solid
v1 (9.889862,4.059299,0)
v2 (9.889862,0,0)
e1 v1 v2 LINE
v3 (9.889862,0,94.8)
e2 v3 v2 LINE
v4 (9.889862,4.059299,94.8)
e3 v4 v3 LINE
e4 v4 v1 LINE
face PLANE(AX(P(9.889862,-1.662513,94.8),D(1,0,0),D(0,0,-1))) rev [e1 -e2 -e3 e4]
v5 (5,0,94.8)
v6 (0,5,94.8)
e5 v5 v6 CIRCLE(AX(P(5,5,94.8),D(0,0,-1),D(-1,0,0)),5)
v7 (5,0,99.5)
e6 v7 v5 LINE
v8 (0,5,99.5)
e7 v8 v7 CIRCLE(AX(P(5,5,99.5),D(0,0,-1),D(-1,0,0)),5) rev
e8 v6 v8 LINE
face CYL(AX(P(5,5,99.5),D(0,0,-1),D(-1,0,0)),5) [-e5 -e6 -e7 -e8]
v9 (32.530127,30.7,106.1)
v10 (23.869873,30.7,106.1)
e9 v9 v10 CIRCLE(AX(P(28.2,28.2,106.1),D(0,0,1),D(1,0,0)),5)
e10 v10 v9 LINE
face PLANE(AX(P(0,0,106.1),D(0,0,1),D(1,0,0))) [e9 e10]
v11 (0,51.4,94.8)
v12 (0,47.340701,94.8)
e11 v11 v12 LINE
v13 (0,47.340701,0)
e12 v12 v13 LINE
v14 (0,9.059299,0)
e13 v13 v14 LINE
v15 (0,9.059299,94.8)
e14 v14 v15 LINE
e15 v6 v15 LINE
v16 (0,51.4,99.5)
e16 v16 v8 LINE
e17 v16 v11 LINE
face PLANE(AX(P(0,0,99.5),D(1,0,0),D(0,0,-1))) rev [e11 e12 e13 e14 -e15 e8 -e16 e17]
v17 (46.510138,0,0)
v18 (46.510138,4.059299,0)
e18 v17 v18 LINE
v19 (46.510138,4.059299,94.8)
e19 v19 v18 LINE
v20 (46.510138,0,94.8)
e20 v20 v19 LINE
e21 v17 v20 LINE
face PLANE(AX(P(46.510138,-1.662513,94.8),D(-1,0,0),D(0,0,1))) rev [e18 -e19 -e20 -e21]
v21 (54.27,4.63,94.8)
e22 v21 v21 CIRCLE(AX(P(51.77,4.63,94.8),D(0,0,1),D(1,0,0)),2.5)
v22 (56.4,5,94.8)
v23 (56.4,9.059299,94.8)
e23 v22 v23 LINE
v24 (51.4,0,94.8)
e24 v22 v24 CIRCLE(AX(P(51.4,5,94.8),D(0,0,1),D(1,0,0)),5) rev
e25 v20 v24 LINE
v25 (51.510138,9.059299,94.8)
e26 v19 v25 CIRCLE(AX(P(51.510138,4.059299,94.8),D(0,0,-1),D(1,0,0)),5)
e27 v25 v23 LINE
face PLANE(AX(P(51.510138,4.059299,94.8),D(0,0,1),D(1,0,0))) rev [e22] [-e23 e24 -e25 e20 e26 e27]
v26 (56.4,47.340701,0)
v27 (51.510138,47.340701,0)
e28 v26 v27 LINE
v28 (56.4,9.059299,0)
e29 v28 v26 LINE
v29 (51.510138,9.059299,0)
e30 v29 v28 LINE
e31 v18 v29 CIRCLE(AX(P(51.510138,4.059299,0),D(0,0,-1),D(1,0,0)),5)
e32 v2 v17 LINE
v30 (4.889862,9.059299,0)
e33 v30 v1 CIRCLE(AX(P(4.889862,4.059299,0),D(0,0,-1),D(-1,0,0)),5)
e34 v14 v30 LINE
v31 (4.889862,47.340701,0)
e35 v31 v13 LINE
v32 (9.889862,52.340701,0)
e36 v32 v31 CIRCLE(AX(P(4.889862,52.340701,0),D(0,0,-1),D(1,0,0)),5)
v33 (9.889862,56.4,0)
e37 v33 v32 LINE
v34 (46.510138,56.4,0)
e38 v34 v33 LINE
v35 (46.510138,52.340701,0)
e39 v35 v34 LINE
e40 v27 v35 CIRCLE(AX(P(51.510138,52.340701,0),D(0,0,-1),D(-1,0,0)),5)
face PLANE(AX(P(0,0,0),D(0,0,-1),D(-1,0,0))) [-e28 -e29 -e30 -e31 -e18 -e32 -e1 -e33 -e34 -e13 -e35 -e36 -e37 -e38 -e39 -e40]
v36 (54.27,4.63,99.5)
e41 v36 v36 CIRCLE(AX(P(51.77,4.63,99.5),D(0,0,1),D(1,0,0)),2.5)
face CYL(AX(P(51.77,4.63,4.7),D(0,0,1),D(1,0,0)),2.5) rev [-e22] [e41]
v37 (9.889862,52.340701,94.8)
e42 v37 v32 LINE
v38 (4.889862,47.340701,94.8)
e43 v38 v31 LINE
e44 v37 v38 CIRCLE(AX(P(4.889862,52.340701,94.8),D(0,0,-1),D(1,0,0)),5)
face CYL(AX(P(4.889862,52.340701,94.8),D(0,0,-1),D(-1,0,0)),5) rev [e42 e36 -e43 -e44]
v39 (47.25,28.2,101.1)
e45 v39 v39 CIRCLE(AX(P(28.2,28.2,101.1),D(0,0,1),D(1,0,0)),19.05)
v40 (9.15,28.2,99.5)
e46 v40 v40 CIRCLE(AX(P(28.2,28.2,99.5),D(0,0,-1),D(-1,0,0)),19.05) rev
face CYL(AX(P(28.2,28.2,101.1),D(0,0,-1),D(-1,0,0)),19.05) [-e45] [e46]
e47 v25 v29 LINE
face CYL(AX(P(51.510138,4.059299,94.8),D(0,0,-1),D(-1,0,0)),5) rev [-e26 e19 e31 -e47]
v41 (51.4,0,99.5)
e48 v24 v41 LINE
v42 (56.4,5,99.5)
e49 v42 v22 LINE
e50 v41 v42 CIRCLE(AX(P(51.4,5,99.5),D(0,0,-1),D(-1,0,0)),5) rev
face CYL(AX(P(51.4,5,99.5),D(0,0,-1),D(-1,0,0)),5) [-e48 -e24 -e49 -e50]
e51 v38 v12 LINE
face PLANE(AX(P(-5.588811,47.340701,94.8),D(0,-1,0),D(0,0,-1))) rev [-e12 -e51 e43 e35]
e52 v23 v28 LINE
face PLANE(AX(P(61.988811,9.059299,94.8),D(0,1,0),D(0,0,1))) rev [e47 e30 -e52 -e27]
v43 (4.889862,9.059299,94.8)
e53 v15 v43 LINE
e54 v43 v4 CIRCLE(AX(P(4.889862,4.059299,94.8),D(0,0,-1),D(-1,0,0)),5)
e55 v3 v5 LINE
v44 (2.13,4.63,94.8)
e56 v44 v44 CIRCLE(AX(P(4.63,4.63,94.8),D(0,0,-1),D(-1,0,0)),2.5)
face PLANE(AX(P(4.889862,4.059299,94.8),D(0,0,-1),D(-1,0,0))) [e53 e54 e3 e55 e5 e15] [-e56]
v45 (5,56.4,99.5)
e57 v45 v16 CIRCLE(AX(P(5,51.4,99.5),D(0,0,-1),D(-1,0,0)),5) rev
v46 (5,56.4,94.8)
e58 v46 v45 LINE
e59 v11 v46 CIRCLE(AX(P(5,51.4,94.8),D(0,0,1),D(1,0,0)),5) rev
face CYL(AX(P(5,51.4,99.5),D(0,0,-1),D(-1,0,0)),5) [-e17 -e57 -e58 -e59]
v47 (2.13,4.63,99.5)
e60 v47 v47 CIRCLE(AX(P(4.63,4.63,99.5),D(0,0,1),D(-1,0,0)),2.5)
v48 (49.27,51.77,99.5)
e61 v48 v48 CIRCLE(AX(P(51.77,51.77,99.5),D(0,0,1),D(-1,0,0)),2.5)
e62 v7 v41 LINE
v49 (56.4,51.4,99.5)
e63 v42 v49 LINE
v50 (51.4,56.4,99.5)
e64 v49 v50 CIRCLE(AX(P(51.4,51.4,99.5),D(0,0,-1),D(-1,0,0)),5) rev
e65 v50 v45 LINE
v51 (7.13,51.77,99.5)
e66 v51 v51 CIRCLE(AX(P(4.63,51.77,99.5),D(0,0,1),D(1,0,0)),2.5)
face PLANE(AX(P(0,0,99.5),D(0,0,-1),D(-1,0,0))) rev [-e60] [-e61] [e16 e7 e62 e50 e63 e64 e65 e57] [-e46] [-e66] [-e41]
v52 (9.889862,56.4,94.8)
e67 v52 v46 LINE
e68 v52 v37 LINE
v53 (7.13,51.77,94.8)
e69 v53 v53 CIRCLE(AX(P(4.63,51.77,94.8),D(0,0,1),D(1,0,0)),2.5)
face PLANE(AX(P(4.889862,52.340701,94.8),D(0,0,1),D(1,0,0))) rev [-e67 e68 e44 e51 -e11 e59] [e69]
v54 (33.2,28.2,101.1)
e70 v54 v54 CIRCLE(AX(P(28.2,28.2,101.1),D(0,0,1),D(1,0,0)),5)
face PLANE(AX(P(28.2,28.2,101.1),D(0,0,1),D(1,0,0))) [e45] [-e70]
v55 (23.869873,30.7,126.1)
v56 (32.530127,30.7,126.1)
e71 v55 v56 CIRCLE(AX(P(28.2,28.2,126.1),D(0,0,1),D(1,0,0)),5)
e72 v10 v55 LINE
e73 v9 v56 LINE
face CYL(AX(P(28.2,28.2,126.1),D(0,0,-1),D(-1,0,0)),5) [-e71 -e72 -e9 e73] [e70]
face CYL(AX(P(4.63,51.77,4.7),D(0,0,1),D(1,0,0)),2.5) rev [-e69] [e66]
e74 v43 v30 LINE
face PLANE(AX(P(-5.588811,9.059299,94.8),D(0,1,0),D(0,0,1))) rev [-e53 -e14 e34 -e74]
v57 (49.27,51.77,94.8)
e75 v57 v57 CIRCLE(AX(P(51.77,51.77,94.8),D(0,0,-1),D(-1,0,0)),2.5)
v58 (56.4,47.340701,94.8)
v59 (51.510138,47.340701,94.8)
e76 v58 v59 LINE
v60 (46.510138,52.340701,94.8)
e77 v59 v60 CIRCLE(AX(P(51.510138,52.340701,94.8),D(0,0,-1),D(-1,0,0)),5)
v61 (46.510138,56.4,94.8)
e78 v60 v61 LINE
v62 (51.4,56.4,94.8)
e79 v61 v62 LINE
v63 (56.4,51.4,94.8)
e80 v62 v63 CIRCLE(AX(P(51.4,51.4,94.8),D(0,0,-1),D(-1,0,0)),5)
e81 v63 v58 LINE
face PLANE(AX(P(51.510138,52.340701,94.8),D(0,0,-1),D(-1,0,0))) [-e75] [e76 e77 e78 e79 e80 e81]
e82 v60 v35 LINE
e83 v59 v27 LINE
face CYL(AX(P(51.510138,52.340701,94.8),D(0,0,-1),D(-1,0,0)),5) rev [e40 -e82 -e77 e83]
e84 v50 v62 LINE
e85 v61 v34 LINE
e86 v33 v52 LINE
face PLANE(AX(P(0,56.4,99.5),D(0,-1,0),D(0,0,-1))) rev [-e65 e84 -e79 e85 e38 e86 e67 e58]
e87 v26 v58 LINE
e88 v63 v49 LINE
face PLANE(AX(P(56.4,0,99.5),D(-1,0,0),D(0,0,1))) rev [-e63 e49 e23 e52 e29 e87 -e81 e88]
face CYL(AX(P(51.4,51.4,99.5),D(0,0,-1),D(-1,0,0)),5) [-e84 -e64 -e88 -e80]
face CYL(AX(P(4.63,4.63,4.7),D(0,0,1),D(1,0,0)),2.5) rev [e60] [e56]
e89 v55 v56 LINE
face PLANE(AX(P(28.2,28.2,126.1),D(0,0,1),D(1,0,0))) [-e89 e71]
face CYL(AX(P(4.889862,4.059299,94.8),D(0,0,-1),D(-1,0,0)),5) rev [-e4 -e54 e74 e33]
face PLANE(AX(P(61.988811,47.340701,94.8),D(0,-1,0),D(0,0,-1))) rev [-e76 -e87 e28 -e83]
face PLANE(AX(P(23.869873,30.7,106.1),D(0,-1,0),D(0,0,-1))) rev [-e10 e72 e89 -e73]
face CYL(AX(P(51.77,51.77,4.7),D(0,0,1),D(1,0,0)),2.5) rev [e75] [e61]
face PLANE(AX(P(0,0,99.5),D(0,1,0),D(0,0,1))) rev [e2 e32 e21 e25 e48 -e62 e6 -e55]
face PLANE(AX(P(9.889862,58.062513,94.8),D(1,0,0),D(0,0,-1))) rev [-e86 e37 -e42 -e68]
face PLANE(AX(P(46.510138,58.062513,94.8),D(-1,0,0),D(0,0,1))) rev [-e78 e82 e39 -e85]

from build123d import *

# Parameters (mm, degrees)
SKETCH_1_W          = 56.4
SKETCH_1_H          = 56.4
EXTRUDE_1_DEPTH     = 99.5
SKETCH_2_R          = 19.05
EXTRUDE_2_DEPTH     = 1.6
SKETCH_3_R          = 5
EXTRUDE_3_DEPTH     = 25
SKETCH_4_W          = 8.660254038
SKETCH_4_H          = 6.0292226
CUT_EXTRUDE_1_DEPTH = 20
CUT_EXTRUDE_2_DEPTH = 94.8
SKETCH_6_R          = 2.5
CUT_EXTRUDE_3_DEPTH = 94.8
FILLET_1_R          = 5


with BuildPart() as part:
    # 草图1 → 凸台-拉伸1 (new body)
    with BuildSketch(Plane.XY):
        with Locations((28.2, 28.2)):
            Rectangle(SKETCH_1_W, SKETCH_1_H)
    extrude(amount=EXTRUDE_1_DEPTH)

    # 草图2 → 凸台-拉伸2 (add)
    with BuildSketch(Plane.XY.offset(99.5)):
        with Locations((28.2, 28.2)):
            Circle(SKETCH_2_R)
    extrude(amount=EXTRUDE_2_DEPTH)

    # 草图3 → 凸台-拉伸3 (add)
    with BuildSketch(Plane.XY.offset(101.1)):
        with Locations((28.2, 28.2)):
            Circle(SKETCH_3_R)
    extrude(amount=EXTRUDE_3_DEPTH)

    # 草图4 → 切除-拉伸1 (cut)
    with BuildSketch(Plane.XY.offset(126.1)):
        with Locations((28.2, 33.7146113)):
            Rectangle(SKETCH_4_W, SKETCH_4_H)
    extrude(amount=-CUT_EXTRUDE_1_DEPTH, mode=Mode.SUBTRACT)

    # 草图5 → 切除-拉伸2 (cut)
    with BuildSketch(Plane(origin=(0, 0, 0), x_dir=(-1, 0, 0), z_dir=(0, 0, -1))):
        with BuildLine():
            Line((-61.988810655, 58.062513104), (-46.510137618, 58.062513104))
            Line((-46.510137618, 58.062513104), (-46.510137618, 52.340700561))
            ThreePointArc((-46.510137618, 52.340700561), (-47.974603712, 48.805166655), (-51.510137618, 47.340700561))
            Line((-51.510137618, 47.340700561), (-61.988810655, 47.340700561))
            Line((-61.988810655, 47.340700561), (-61.988810655, 58.062513104))
        make_face()
        with BuildLine():
            Line((-9.889862382, 58.062513104), (-9.889862382, 52.340700561))
            ThreePointArc((-9.889862382, 52.340700561), (-8.425396288, 48.805166655), (-4.889862382, 47.340700561))
            Line((-4.889862382, 47.340700561), (5.588810655, 47.340700561))
            Line((5.588810655, 47.340700561), (5.588810655, 58.062513104))
            Line((5.588810655, 58.062513104), (-9.889862382, 58.062513104))
        make_face()
        with BuildLine():
            Line((5.588810655, -1.662513104), (-9.889862382, -1.662513104))
            Line((-9.889862382, -1.662513104), (-9.889862382, 4.059299439))
            ThreePointArc((-9.889862382, 4.059299439), (-8.425396288, 7.594833345), (-4.889862382, 9.059299439))
            Line((-4.889862382, 9.059299439), (5.588810655, 9.059299439))
            Line((5.588810655, 9.059299439), (5.588810655, -1.662513104))
        make_face()
        with BuildLine():
            Line((-46.510137618, -1.662513104), (-46.510137618, 4.059299439))
            ThreePointArc((-46.510137618, 4.059299439), (-47.974603712, 7.594833345), (-51.510137618, 9.059299439))
            Line((-51.510137618, 9.059299439), (-61.988810655, 9.059299439))
            Line((-61.988810655, 9.059299439), (-61.988810655, -1.662513104))
            Line((-61.988810655, -1.662513104), (-46.510137618, -1.662513104))
        make_face()
    extrude(amount=-CUT_EXTRUDE_2_DEPTH, mode=Mode.SUBTRACT)

    # 草图6 → 切除-拉伸3 (cut)
    with BuildSketch(Plane.XY.offset(99.5)):
        with Locations((4.63, 51.77)):
            Circle(SKETCH_6_R)
        with Locations((51.77, 51.77)):
            Circle(SKETCH_6_R)
        with Locations((51.77, 4.63)):
            Circle(SKETCH_6_R)
        with Locations((4.63, 4.63)):
            Circle(SKETCH_6_R)
    extrude(amount=-CUT_EXTRUDE_3_DEPTH, mode=Mode.SUBTRACT)

    # 圆角1
    fillet_1_edges = [part.edges().sort_by_distance(p)[0] for p in [
        (0, 56.4, 97.15),
        (56.4, 56.4, 97.15),
        (56.4, 0, 97.15),
        (0, 0, 97.15),
    ]]
    fillet(fillet_1_edges, radius=FILLET_1_R)


solid = part.part
